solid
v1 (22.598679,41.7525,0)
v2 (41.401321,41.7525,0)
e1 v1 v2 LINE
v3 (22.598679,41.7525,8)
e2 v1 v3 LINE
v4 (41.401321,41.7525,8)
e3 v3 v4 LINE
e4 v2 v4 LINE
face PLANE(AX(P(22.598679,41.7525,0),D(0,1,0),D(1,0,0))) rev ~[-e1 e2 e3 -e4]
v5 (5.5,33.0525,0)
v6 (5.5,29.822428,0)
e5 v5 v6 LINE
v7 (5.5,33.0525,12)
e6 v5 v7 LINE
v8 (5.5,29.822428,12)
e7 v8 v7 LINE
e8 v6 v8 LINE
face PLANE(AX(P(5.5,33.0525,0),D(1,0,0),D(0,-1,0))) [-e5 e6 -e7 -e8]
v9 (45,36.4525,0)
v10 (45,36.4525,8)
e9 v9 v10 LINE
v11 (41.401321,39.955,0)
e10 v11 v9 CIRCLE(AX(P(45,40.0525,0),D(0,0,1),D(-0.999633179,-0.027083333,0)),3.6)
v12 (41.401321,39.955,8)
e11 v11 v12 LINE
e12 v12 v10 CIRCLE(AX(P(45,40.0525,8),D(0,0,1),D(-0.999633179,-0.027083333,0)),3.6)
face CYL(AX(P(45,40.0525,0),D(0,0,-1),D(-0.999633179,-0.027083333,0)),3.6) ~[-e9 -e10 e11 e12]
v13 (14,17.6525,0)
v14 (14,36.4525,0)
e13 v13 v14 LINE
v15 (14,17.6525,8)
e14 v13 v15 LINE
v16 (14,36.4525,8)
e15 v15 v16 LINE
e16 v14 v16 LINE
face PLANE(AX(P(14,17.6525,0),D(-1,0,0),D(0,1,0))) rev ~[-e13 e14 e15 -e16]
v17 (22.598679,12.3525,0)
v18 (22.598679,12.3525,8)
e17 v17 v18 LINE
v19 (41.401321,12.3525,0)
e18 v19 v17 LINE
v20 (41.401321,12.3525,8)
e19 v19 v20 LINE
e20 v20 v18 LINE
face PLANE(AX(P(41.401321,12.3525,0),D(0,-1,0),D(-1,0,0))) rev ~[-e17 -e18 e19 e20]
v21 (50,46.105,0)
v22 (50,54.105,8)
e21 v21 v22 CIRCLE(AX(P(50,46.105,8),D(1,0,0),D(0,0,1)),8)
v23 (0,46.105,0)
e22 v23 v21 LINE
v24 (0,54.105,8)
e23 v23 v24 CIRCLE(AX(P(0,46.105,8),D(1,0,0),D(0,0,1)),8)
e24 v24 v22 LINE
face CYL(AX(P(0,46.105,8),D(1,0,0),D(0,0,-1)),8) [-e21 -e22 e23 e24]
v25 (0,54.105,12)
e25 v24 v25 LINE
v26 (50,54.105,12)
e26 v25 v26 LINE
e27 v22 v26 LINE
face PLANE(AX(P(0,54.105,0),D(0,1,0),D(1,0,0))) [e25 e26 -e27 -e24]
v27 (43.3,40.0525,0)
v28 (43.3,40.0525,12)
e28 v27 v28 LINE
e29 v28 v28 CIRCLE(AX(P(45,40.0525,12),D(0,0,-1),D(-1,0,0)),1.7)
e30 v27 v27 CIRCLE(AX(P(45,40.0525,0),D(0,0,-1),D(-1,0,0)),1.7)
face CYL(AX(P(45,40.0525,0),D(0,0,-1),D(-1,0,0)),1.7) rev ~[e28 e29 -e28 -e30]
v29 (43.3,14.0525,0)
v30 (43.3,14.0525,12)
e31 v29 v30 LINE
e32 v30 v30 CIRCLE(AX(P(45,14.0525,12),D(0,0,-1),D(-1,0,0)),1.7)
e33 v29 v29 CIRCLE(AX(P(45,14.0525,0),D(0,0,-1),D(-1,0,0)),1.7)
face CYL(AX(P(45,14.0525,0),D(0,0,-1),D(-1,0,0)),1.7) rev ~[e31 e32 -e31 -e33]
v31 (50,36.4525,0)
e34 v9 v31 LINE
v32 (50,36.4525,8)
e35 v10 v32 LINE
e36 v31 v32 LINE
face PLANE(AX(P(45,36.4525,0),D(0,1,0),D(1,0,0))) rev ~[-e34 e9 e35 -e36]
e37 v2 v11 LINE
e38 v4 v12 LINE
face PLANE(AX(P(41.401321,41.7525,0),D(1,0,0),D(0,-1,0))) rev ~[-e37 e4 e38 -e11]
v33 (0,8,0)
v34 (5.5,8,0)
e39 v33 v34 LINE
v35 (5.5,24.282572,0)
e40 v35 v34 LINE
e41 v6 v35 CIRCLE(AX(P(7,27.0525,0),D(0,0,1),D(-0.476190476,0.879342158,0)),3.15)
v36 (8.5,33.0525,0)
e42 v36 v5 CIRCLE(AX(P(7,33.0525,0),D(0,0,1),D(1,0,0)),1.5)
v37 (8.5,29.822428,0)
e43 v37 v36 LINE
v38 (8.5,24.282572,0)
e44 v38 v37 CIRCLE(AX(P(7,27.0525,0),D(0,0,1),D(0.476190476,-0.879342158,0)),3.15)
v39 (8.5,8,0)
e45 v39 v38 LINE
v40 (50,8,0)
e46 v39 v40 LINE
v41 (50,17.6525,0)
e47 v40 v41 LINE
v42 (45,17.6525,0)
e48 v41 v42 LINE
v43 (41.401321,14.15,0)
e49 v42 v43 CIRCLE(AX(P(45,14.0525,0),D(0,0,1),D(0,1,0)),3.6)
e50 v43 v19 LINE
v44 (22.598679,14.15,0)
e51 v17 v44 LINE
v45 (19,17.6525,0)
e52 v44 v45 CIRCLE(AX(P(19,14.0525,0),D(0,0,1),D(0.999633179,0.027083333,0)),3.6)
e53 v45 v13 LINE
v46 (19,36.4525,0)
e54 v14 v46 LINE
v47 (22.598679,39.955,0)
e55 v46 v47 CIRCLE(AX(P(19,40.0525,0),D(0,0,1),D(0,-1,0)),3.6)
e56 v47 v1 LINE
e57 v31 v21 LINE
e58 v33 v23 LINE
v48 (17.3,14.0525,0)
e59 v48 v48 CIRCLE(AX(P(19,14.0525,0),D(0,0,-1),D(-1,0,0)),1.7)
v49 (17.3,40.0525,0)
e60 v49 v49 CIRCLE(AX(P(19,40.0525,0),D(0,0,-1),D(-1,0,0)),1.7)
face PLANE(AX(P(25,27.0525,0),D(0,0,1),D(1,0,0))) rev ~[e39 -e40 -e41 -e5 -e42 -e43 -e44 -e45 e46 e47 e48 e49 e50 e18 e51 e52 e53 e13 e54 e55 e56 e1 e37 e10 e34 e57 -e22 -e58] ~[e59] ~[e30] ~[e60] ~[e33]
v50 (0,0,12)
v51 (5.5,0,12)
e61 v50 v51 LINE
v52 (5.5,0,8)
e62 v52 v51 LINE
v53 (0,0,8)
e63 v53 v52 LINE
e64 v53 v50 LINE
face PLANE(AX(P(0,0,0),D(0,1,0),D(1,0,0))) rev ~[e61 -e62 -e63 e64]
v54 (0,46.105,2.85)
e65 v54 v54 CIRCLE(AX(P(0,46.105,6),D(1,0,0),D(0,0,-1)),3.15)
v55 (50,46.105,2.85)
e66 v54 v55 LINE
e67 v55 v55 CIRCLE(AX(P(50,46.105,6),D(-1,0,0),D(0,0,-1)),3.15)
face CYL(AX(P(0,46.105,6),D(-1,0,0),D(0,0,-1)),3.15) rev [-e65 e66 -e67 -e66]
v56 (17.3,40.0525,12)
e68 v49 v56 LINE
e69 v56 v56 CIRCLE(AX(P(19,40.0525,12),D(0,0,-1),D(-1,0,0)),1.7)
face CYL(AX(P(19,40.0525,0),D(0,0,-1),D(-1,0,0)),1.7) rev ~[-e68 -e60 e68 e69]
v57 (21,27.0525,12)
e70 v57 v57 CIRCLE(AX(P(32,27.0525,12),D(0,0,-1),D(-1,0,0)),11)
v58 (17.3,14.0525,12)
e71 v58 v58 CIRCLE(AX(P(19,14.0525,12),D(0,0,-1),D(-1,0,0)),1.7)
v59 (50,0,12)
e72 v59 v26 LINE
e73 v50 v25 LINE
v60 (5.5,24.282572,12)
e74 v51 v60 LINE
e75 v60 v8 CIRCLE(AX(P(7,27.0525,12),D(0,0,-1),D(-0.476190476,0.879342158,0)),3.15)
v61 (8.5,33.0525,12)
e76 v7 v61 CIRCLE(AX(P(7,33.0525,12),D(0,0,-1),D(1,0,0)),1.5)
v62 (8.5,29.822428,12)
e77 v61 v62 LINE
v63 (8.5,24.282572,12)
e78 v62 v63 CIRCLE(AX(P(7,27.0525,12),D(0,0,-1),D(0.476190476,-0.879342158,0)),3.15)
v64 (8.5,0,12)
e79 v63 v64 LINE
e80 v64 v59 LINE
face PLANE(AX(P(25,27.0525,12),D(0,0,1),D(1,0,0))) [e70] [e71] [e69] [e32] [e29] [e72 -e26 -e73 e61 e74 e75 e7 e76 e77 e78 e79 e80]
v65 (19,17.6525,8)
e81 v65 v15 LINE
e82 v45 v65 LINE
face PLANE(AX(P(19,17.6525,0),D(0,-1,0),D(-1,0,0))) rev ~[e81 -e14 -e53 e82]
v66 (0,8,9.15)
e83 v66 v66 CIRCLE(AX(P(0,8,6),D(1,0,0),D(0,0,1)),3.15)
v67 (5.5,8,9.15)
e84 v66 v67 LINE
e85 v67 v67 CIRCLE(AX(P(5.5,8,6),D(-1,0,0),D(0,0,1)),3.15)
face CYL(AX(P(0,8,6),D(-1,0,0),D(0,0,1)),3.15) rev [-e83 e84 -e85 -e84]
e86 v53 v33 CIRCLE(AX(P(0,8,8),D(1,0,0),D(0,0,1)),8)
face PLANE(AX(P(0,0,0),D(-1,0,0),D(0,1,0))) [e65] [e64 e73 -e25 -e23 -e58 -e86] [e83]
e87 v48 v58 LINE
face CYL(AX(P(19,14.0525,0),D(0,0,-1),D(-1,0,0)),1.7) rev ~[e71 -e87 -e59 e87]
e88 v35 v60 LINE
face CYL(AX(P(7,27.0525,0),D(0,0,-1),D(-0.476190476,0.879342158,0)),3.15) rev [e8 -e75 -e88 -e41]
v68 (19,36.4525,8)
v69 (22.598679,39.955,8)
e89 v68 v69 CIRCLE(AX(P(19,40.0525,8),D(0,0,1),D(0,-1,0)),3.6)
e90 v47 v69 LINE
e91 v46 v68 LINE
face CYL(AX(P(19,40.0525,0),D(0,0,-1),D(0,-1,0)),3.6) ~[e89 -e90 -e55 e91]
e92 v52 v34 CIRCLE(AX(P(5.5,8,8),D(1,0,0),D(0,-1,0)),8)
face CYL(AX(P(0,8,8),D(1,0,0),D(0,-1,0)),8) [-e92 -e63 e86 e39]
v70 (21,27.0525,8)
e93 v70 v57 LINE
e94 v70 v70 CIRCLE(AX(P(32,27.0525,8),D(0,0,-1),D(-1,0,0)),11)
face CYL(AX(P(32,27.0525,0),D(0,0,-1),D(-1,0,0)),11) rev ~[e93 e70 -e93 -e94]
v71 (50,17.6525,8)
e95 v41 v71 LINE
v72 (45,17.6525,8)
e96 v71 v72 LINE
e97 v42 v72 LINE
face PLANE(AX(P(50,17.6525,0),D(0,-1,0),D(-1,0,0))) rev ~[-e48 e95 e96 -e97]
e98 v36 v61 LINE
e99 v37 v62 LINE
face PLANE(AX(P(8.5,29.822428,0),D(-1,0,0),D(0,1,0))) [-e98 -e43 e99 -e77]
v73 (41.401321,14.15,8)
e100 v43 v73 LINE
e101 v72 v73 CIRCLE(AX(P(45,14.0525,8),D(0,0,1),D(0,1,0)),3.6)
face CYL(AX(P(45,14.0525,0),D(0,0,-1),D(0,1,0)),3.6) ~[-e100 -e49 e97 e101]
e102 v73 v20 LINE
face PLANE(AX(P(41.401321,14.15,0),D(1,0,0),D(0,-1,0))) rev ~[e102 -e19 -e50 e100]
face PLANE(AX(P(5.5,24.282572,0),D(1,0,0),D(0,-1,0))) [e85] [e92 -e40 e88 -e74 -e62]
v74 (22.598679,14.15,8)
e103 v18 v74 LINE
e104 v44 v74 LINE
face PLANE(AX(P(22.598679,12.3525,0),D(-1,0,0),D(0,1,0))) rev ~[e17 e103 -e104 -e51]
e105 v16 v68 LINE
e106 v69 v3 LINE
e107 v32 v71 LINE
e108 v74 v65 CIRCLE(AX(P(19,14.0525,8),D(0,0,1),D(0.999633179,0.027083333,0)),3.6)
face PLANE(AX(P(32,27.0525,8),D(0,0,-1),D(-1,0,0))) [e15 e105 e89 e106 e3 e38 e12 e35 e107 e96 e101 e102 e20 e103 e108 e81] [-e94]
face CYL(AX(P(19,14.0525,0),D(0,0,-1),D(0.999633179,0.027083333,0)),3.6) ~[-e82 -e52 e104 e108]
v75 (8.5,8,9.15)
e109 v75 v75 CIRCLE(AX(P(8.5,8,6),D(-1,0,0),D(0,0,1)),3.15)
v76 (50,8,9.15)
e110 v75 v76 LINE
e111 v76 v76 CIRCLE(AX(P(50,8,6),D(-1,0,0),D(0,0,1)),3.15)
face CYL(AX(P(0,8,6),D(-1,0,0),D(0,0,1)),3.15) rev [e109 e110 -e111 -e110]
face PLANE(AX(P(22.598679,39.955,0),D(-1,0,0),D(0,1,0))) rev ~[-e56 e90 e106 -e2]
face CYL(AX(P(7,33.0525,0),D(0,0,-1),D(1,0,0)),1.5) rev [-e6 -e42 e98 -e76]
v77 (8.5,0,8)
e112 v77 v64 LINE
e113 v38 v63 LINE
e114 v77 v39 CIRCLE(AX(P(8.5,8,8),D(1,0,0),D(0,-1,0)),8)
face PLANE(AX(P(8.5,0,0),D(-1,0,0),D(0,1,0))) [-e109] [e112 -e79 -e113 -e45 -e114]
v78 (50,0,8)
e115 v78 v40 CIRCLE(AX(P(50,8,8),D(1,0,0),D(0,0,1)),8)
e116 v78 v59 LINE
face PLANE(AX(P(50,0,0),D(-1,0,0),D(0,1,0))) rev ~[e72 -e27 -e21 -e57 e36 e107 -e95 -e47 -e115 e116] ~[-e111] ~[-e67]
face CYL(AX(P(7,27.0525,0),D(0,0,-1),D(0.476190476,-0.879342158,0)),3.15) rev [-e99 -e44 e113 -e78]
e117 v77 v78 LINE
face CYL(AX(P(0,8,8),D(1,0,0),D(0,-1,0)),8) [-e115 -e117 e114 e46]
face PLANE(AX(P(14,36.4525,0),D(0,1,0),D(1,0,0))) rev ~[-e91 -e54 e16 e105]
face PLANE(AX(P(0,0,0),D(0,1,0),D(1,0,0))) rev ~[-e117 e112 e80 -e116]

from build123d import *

# Parameters (mm, degrees)
SKETCH1_W           = 50
SKETCH1_H           = 54.105
BOSS_EXTRUDE1_DEPTH = 12
SKETCH2_R           = 3.15
CUT_EXTRUDE1_DEPTH  = 75.641483272
FILLET1_R           = 8
SKETCH3_R           = 11
SKETCH3_R_2         = 1.7
CUT_EXTRUDE2_DEPTH  = 75.641483272
CUT_EXTRUDE4_DEPTH  = 8


with BuildPart() as part:
    # Sketch1 → Boss-Extrude1 (new body)
    with BuildSketch(Plane.XY):
        with Locations((25, 27.0525)):
            Rectangle(SKETCH1_W, SKETCH1_H)
    extrude(amount=BOSS_EXTRUDE1_DEPTH)

    # Sketch2 → Cut-Extrude1 (cut, through all)
    with BuildSketch(Plane(origin=(0, 0, 0), x_dir=(0, 0, -1), z_dir=(1, 0, 0))):
        with Locations((-6, 46.105)):
            Circle(SKETCH2_R)
        with Locations(Location((-6, 8, 0), (0, 0, 180))):
            Circle(SKETCH2_R)
    extrude(amount=CUT_EXTRUDE1_DEPTH, mode=Mode.SUBTRACT)

    # Fillet1
    fillet1_edges = [part.edges().sort_by_distance(p)[0] for p in [
        (25, 54.105, 0),
        (25, 0, 0),
    ]]
    fillet(fillet1_edges, radius=FILLET1_R)

    # Sketch3 → Cut-Extrude2 (cut, through all)
    with BuildSketch(Plane(origin=(0, 0, 0), x_dir=(-1, 0, 0), z_dir=(0, 0, -1))):
        with Locations((-32, 27.0525)):
            Circle(SKETCH3_R)
        with Locations((-19, 40.0525)):
            Circle(SKETCH3_R_2)
        with Locations((-19, 14.0525)):
            Circle(SKETCH3_R_2)
        with Locations((-45, 14.0525)):
            Circle(SKETCH3_R_2)
        with Locations((-45, 40.0525)):
            Circle(SKETCH3_R_2)
        with BuildLine():
            Line((-8.5, 0), (-8.5, 24.282572203))
            ThreePointArc((-8.5, 24.282572203), (-10.15, 27.0525), (-8.5, 29.822427797))
            Line((-8.5, 29.822427797), (-8.5, 33.0525))
            ThreePointArc((-8.5, 33.0525), (-7, 34.5525), (-5.5, 33.0525))
            Line((-5.5, 33.0525), (-5.5, 29.822427797))
            ThreePointArc((-5.5, 29.822427797), (-3.85, 27.0525), (-5.5, 24.282572203))
            Line((-5.5, 24.282572203), (-5.5, 0))
            Line((-5.5, 0), (-8.5, 0))
        make_face()
    extrude(amount=-CUT_EXTRUDE2_DEPTH, mode=Mode.SUBTRACT)

    # Sketch5 → Cut-Extrude4 (cut)
    with BuildSketch(Plane(origin=(0, 0, 0), x_dir=(-1, 0, 0), z_dir=(0, 0, -1))):
        with BuildLine():
            Line((-19, 17.6525), (-14, 17.6525))
            Line((-14, 17.6525), (-14, 36.4525))
            Line((-14, 36.4525), (-19, 36.4525))
            ThreePointArc((-19, 36.4525), (-21.510876341, 37.472674425), (-22.598679445, 39.955))
            Line((-22.598679445, 39.955), (-22.598679445, 41.7525))
            Line((-22.598679445, 41.7525), (-41.401320555, 41.7525))
            Line((-41.401320555, 41.7525), (-41.401320555, 39.955))
            ThreePointArc((-41.401320555, 39.955), (-42.489123659, 37.472674425), (-45, 36.4525))
            Line((-45, 36.4525), (-50, 36.4525))
            Line((-50, 36.4525), (-50, 17.6525))
            Line((-50, 17.6525), (-45, 17.6525))
            ThreePointArc((-45, 17.6525), (-42.489123659, 16.632325575), (-41.401320555, 14.15))
            Line((-41.401320555, 14.15), (-41.401320555, 12.3525))
            Line((-41.401320555, 12.3525), (-22.598679445, 12.3525))
            Line((-22.598679445, 12.3525), (-22.598679445, 14.15))
            ThreePointArc((-22.598679445, 14.15), (-21.510876341, 16.632325575), (-19, 17.6525))
        make_face()
    extrude(amount=-CUT_EXTRUDE4_DEPTH, mode=Mode.SUBTRACT)


solid = part.part
